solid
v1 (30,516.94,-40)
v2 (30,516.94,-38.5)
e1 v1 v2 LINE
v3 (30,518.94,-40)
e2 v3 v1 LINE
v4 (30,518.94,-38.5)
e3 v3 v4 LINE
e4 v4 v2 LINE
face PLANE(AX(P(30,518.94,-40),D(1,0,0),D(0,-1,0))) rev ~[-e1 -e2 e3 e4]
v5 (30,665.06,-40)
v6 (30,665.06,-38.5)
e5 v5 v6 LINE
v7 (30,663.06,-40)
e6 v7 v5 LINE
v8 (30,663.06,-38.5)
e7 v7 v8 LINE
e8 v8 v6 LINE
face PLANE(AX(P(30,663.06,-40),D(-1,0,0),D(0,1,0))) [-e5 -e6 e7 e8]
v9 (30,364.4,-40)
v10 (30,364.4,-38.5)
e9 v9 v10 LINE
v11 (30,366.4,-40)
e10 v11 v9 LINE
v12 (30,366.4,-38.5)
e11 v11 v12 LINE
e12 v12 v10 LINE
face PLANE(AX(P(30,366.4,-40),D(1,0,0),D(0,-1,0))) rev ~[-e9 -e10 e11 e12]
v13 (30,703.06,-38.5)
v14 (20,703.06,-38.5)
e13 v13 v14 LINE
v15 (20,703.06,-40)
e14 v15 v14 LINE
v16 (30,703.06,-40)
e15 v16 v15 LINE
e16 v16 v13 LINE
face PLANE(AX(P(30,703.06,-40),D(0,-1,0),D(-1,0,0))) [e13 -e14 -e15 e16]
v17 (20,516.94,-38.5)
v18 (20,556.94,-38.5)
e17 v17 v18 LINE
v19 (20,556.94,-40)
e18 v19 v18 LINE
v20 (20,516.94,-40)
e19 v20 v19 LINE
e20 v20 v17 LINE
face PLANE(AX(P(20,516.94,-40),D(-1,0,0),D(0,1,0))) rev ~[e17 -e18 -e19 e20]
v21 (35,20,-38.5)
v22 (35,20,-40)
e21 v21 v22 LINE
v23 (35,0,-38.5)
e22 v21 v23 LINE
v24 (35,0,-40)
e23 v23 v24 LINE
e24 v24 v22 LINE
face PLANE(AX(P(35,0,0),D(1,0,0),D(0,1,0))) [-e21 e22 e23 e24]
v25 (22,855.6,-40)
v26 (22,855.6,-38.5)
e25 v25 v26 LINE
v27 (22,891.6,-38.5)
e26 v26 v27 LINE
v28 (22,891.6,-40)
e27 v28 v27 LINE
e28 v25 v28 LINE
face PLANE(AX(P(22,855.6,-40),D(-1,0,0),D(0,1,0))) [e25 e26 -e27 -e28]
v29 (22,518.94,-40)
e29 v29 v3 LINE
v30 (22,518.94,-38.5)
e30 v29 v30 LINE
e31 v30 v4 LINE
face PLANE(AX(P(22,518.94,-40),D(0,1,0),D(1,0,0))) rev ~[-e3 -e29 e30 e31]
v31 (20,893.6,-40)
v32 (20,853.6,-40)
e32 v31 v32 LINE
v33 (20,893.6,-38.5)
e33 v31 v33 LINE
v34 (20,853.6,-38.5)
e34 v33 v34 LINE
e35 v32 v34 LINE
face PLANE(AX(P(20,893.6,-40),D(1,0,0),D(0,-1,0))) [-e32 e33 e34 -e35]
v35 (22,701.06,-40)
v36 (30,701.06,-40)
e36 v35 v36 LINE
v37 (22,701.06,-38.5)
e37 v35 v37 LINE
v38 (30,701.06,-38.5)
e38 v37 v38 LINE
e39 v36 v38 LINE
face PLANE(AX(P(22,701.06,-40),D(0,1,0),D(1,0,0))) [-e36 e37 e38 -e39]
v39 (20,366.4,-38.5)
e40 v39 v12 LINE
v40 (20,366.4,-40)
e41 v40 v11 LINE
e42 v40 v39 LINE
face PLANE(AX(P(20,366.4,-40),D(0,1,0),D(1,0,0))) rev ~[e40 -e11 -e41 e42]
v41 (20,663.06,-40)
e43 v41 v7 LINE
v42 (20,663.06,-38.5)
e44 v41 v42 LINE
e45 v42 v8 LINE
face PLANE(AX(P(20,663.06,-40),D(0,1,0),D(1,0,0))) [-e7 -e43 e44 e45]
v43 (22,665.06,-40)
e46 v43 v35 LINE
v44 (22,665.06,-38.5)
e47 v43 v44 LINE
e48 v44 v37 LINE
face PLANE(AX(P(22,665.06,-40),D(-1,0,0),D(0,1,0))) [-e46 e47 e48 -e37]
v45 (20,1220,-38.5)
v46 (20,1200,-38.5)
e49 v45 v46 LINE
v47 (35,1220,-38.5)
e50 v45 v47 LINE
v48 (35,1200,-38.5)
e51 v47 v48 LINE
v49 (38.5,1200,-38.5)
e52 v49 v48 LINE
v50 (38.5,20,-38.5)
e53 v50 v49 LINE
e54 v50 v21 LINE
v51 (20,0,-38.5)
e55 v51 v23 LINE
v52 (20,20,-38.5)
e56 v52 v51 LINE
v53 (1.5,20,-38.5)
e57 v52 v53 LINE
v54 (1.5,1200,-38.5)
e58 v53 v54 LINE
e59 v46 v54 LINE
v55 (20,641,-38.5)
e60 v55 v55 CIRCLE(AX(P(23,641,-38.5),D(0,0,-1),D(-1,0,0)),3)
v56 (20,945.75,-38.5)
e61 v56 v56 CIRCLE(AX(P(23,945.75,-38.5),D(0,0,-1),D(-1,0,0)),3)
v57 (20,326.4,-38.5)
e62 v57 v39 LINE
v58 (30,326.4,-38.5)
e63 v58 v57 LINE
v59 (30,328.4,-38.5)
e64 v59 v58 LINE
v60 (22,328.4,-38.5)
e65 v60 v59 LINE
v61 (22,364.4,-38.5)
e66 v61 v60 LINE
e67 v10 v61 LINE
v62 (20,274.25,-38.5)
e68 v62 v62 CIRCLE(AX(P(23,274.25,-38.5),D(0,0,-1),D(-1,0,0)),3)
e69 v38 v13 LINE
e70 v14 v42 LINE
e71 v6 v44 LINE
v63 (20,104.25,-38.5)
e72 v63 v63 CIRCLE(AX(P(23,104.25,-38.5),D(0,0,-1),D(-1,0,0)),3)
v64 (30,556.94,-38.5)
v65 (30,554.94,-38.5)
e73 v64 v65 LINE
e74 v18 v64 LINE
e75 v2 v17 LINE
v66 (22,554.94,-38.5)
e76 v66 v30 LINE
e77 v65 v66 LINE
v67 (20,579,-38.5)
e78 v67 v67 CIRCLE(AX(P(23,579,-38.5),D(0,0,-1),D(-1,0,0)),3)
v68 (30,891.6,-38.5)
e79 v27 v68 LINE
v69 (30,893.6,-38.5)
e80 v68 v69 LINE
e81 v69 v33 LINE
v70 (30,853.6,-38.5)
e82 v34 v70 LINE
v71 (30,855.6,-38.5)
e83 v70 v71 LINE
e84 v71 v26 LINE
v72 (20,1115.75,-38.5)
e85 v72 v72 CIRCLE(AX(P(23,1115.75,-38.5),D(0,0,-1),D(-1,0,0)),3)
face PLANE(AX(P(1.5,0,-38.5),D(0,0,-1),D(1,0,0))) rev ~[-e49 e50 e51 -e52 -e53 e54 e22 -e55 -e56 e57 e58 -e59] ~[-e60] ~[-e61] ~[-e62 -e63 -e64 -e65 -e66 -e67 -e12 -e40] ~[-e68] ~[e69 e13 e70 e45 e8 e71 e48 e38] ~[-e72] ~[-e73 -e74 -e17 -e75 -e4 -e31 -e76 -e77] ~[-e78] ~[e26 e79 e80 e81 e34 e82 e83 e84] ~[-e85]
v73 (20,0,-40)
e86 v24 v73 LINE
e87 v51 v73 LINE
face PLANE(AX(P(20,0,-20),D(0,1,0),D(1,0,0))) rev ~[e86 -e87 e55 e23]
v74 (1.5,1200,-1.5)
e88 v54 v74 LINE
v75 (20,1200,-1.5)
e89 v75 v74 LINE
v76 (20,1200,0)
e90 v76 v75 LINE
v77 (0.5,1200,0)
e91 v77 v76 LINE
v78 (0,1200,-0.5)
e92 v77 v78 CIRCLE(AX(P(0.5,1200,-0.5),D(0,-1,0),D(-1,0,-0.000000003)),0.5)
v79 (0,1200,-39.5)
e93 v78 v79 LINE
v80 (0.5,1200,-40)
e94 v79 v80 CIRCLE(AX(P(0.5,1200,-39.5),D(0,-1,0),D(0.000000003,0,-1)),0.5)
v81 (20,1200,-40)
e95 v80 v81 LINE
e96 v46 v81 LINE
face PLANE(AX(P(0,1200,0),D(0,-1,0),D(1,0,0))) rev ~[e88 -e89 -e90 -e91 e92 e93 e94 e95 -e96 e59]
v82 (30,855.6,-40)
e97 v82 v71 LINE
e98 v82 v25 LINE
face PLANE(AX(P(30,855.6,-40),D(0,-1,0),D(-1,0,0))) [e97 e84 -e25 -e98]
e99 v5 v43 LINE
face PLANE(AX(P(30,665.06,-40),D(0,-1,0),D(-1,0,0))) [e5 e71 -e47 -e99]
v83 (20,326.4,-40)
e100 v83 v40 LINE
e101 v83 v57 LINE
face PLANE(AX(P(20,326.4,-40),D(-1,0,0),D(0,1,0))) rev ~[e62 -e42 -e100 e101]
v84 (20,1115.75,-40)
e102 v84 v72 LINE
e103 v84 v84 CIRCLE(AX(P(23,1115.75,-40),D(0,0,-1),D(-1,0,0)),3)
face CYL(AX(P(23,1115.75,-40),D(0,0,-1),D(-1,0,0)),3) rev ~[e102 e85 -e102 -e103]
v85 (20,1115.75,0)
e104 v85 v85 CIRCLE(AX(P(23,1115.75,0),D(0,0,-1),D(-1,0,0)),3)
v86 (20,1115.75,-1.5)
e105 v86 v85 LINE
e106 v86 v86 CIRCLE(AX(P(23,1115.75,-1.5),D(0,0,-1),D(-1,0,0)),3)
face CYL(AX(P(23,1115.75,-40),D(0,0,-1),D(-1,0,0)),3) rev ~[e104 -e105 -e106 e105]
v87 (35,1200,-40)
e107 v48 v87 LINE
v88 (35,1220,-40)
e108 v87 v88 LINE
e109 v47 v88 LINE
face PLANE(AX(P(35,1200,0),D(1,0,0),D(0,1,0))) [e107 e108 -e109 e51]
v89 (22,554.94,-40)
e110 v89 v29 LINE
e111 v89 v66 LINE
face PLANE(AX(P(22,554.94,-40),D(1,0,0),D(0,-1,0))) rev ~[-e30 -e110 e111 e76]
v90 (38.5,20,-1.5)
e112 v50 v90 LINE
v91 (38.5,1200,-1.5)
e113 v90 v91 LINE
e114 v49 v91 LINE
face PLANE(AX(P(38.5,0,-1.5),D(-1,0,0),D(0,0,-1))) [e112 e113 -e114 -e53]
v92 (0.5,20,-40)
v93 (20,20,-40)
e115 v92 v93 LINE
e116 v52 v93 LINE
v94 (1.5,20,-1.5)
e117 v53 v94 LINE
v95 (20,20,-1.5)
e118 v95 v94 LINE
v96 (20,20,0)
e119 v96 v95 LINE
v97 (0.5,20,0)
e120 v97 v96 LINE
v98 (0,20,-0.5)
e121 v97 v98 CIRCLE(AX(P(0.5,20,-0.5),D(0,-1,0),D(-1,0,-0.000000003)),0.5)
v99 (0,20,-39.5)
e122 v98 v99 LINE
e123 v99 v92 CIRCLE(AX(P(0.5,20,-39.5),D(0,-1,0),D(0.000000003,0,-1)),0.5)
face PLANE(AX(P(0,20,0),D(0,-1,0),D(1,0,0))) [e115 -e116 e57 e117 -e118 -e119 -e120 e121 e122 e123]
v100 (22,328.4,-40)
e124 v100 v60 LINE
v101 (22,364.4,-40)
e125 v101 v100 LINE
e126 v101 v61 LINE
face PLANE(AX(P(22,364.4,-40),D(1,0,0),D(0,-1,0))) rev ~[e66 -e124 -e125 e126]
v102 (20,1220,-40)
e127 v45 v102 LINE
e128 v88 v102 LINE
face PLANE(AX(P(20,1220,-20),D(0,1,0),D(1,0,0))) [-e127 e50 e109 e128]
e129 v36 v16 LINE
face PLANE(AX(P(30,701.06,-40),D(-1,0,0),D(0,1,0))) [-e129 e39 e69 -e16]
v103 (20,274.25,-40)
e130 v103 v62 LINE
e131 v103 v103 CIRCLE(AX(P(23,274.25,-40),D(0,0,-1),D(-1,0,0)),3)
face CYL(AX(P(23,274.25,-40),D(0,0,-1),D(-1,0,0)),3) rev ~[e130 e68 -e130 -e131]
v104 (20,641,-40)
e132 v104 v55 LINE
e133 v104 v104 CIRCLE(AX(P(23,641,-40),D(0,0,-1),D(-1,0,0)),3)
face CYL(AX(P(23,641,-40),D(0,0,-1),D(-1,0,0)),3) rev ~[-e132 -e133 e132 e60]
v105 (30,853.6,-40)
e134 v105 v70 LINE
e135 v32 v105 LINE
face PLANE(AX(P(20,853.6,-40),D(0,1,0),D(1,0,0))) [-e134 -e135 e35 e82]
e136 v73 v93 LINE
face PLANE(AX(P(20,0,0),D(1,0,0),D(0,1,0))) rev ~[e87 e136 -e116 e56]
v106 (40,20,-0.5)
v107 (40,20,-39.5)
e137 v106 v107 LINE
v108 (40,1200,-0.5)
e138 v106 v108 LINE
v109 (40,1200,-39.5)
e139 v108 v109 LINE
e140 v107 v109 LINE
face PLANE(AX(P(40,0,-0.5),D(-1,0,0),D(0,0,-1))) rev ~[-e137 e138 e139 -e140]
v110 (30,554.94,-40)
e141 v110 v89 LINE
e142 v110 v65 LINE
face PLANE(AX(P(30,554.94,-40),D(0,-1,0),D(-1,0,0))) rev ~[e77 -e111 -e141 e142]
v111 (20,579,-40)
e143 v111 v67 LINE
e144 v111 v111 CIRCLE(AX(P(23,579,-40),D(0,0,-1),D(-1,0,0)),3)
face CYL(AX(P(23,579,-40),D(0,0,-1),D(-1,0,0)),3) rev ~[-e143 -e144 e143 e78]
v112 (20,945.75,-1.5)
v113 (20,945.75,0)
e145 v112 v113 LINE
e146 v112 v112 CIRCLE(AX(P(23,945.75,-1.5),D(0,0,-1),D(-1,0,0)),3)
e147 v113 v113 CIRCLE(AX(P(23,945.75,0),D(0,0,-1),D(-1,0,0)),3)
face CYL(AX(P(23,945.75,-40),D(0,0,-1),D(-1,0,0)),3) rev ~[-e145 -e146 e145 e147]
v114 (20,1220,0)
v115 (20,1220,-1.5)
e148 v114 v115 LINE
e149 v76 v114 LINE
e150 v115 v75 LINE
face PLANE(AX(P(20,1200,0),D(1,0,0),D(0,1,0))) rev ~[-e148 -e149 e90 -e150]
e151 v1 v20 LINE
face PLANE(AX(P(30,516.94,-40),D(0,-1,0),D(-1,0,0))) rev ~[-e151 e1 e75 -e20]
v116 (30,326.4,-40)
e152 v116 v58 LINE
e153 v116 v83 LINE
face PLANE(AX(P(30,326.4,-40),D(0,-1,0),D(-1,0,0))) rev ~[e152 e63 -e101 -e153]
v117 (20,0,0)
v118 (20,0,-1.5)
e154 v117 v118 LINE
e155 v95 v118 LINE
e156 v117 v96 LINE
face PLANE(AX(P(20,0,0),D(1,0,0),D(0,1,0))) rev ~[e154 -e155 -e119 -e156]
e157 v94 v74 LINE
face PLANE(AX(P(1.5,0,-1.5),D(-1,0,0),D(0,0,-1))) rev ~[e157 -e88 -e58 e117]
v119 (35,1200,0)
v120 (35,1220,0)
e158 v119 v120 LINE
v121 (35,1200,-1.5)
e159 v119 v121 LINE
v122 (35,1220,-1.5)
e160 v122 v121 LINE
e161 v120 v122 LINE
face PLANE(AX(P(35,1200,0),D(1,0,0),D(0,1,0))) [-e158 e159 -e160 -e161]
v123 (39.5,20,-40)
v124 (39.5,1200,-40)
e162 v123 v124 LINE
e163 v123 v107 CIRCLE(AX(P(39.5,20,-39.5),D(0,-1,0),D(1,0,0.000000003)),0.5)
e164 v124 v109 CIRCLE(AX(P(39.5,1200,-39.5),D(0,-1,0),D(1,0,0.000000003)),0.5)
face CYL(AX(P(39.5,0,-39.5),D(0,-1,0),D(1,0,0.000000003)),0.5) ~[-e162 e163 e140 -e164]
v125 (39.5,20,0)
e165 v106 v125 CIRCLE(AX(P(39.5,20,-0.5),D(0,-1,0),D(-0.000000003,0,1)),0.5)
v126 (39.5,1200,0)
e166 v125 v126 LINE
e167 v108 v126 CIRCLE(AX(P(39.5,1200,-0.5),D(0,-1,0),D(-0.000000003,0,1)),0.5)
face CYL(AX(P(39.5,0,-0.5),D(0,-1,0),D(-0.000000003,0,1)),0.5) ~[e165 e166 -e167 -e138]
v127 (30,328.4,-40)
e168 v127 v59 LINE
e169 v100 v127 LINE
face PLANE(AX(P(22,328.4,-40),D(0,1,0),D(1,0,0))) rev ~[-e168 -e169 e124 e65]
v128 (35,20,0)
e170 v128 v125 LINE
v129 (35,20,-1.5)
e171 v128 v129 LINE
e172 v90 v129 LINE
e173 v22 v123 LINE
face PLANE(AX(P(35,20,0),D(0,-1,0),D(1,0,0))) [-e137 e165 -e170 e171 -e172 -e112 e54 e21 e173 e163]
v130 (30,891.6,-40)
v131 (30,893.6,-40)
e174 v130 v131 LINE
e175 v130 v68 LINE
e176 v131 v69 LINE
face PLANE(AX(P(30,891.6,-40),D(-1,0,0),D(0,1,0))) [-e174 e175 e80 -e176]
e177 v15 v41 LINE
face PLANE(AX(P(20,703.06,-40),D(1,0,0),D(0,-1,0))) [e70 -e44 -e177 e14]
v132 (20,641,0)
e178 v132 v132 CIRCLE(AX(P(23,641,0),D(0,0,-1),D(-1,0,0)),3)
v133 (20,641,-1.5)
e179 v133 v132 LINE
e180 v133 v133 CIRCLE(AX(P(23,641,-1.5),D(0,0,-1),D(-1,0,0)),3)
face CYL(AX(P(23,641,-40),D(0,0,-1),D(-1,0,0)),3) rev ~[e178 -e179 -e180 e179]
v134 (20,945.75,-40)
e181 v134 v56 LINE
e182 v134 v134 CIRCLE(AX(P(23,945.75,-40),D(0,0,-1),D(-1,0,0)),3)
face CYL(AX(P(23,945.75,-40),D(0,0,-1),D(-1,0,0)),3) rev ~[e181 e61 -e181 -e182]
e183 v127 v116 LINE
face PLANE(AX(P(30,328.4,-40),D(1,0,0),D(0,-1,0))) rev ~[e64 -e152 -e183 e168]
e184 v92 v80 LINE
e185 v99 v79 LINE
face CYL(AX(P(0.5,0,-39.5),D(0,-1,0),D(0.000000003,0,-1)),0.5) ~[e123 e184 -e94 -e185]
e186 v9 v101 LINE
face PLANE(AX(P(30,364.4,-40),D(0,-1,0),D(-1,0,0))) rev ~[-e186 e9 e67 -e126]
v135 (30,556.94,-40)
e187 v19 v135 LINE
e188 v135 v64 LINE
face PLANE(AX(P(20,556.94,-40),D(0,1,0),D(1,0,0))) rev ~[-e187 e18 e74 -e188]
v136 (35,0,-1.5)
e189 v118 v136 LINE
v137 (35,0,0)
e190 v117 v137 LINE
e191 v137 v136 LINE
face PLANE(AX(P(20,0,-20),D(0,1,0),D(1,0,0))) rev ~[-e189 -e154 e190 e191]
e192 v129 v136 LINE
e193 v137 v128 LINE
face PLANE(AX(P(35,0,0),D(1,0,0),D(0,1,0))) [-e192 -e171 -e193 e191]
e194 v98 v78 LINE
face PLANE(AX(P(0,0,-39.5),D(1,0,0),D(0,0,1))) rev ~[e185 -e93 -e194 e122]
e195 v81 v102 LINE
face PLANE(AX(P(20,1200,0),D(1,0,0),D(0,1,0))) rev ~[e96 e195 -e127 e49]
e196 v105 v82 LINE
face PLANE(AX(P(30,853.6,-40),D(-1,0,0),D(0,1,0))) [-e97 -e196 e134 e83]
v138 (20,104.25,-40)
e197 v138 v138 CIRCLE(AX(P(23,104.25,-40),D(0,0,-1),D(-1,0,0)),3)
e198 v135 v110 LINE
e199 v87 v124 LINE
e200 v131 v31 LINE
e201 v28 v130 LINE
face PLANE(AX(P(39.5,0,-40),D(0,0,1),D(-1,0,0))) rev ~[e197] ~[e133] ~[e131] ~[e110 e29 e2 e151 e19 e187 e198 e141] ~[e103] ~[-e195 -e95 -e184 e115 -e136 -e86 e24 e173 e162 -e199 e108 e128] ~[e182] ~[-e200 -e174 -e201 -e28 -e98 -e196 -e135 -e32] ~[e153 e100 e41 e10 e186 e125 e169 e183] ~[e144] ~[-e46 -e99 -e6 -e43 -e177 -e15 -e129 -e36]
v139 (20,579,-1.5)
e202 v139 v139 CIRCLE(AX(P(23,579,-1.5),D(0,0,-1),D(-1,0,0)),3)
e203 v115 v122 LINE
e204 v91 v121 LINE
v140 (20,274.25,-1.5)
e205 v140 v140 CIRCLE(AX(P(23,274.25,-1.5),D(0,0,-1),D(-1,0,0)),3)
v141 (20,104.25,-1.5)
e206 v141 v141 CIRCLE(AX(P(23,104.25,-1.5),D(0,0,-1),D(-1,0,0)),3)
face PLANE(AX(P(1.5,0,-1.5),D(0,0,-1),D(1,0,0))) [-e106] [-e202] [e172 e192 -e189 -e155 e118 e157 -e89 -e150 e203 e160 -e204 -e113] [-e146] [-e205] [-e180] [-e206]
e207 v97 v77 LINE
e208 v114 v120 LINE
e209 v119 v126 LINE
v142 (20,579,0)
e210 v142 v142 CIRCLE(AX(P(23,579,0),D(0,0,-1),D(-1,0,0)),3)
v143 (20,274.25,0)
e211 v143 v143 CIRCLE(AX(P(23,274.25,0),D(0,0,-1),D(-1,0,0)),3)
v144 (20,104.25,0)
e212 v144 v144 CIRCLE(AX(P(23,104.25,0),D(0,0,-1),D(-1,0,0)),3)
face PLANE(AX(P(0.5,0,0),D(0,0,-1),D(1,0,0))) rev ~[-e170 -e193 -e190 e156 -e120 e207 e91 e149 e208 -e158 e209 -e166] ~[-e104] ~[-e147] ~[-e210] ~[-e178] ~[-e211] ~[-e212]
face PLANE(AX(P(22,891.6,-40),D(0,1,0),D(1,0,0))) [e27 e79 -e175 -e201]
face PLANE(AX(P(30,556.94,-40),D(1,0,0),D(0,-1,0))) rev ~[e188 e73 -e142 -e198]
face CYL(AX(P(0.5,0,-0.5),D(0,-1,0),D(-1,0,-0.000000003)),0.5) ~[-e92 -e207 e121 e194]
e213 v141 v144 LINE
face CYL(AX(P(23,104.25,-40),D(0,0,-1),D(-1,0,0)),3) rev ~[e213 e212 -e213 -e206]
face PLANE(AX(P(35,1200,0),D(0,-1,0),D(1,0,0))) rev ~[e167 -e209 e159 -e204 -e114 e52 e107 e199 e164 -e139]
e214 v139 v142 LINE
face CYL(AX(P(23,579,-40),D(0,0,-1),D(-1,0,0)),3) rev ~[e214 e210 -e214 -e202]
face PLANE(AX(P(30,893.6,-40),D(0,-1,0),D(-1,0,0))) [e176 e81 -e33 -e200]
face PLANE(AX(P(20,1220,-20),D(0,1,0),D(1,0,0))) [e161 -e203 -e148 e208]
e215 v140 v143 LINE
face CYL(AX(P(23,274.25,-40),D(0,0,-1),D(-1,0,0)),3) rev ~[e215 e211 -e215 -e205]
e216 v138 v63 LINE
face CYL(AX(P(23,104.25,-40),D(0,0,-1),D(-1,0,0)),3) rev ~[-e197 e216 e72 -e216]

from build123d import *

# Parameters (mm, degrees)
SKETCH1_W           = 37
SKETCH1_H           = 37
BOSS_EXTRUDE1_DEPTH = 1220
SKETCH2_W           = 20
SKETCH2_H           = 20
SKETCH2_W_2         = 5
CUT_EXTRUDE1_DEPTH  = 50
CUT_EXTRUDE2_DEPTH  = 10
CUT_EXTRUDE3_DEPTH  = 10
SKETCH5_R           = 3
CUT_EXTRUDE4_DEPTH  = 1222.310771262


with BuildPart() as part:
    # Sketch1 → Boss-Extrude1 (new body)
    with BuildSketch(Plane(origin=(0, 0, 0), x_dir=(1, 0, 0), z_dir=(0, 1, 0))):
        with BuildLine():
            Line((0.5, 0), (39.5, 0))
            ThreePointArc((39.5, 0), (39.853553391, 0.146446609), (40, 0.5))
            Line((40, 0.5), (40, 39.5))
            ThreePointArc((40, 39.5), (39.853553391, 39.853553391), (39.5, 40))
            Line((39.5, 40), (0.5, 40))
            ThreePointArc((0.5, 40), (0.146446609, 39.853553391), (0, 39.5))
            Line((0, 39.5), (0, 0.5))
            ThreePointArc((0, 0.5), (0.146446609, 0.146446609), (0.5, 0))
        make_face()
        with Locations((20, 20)):
            Rectangle(SKETCH1_W, SKETCH1_H, mode=Mode.SUBTRACT)
    extrude(amount=BOSS_EXTRUDE1_DEPTH)

    # Sketch2 → Cut-Extrude1 (cut)
    with BuildSketch(Plane.XY):
        with Locations((10, 1210)):
            Rectangle(SKETCH2_W, SKETCH2_H)
        with Locations((37.5, 1210)):
            Rectangle(SKETCH2_W_2, SKETCH2_H)
        with Locations((10, 10)):
            Rectangle(SKETCH2_W, SKETCH2_H)
        with Locations((37.5, 10)):
            Rectangle(SKETCH2_W_2, SKETCH2_H)
    extrude(amount=-CUT_EXTRUDE1_DEPTH, mode=Mode.SUBTRACT)

    # Sketch3 → Cut-Extrude2 (cut)
    with BuildSketch(Plane.XY.offset(-40)):
        Polygon((30, 893.6), (20, 893.6), (20, 853.6), (30, 853.6), (30, 855.6), (22, 855.6), (22, 891.6), (30, 891.6), align=None)
        Polygon((20, 326.4), (20, 366.4), (30, 366.4), (30, 364.4), (22, 364.4), (22, 328.4), (30, 328.4), (30, 326.4), align=None)
    extrude(amount=CUT_EXTRUDE2_DEPTH, mode=Mode.SUBTRACT)

    # Sketch4 → Cut-Extrude3 (cut)
    with BuildSketch(Plane(origin=(0, 0, -40), x_dir=(-1, 0, 0), z_dir=(0, 0, -1))):
        Polygon((-30, 703.06), (-20, 703.06), (-20, 663.06), (-30, 663.06), (-30, 665.06), (-22, 665.06), (-22, 701.06), (-30, 701.06), align=None)
        Polygon((-30, 518.94), (-30, 516.94), (-20, 516.94), (-20, 556.94), (-30, 556.94), (-30, 554.94), (-22, 554.94), (-22, 518.94), align=None)
    extrude(amount=-CUT_EXTRUDE3_DEPTH, mode=Mode.SUBTRACT)

    # Sketch5 → Cut-Extrude4 (cut, through all)
    with BuildSketch(Plane(origin=(0, 0, -40), x_dir=(-1, 0, 0), z_dir=(0, 0, -1))):
        with Locations((-23, 1115.75)):
            Circle(SKETCH5_R)
        with Locations((-23, 945.75)):
            Circle(SKETCH5_R)
        with Locations((-23, 641)):
            Circle(SKETCH5_R)
        with Locations((-23, 579)):
            Circle(SKETCH5_R)
        with Locations((-23, 274.25)):
            Circle(SKETCH5_R)
        with Locations((-23, 104.25)):
            Circle(SKETCH5_R)
    extrude(amount=-CUT_EXTRUDE4_DEPTH, mode=Mode.SUBTRACT)


solid = part.part
